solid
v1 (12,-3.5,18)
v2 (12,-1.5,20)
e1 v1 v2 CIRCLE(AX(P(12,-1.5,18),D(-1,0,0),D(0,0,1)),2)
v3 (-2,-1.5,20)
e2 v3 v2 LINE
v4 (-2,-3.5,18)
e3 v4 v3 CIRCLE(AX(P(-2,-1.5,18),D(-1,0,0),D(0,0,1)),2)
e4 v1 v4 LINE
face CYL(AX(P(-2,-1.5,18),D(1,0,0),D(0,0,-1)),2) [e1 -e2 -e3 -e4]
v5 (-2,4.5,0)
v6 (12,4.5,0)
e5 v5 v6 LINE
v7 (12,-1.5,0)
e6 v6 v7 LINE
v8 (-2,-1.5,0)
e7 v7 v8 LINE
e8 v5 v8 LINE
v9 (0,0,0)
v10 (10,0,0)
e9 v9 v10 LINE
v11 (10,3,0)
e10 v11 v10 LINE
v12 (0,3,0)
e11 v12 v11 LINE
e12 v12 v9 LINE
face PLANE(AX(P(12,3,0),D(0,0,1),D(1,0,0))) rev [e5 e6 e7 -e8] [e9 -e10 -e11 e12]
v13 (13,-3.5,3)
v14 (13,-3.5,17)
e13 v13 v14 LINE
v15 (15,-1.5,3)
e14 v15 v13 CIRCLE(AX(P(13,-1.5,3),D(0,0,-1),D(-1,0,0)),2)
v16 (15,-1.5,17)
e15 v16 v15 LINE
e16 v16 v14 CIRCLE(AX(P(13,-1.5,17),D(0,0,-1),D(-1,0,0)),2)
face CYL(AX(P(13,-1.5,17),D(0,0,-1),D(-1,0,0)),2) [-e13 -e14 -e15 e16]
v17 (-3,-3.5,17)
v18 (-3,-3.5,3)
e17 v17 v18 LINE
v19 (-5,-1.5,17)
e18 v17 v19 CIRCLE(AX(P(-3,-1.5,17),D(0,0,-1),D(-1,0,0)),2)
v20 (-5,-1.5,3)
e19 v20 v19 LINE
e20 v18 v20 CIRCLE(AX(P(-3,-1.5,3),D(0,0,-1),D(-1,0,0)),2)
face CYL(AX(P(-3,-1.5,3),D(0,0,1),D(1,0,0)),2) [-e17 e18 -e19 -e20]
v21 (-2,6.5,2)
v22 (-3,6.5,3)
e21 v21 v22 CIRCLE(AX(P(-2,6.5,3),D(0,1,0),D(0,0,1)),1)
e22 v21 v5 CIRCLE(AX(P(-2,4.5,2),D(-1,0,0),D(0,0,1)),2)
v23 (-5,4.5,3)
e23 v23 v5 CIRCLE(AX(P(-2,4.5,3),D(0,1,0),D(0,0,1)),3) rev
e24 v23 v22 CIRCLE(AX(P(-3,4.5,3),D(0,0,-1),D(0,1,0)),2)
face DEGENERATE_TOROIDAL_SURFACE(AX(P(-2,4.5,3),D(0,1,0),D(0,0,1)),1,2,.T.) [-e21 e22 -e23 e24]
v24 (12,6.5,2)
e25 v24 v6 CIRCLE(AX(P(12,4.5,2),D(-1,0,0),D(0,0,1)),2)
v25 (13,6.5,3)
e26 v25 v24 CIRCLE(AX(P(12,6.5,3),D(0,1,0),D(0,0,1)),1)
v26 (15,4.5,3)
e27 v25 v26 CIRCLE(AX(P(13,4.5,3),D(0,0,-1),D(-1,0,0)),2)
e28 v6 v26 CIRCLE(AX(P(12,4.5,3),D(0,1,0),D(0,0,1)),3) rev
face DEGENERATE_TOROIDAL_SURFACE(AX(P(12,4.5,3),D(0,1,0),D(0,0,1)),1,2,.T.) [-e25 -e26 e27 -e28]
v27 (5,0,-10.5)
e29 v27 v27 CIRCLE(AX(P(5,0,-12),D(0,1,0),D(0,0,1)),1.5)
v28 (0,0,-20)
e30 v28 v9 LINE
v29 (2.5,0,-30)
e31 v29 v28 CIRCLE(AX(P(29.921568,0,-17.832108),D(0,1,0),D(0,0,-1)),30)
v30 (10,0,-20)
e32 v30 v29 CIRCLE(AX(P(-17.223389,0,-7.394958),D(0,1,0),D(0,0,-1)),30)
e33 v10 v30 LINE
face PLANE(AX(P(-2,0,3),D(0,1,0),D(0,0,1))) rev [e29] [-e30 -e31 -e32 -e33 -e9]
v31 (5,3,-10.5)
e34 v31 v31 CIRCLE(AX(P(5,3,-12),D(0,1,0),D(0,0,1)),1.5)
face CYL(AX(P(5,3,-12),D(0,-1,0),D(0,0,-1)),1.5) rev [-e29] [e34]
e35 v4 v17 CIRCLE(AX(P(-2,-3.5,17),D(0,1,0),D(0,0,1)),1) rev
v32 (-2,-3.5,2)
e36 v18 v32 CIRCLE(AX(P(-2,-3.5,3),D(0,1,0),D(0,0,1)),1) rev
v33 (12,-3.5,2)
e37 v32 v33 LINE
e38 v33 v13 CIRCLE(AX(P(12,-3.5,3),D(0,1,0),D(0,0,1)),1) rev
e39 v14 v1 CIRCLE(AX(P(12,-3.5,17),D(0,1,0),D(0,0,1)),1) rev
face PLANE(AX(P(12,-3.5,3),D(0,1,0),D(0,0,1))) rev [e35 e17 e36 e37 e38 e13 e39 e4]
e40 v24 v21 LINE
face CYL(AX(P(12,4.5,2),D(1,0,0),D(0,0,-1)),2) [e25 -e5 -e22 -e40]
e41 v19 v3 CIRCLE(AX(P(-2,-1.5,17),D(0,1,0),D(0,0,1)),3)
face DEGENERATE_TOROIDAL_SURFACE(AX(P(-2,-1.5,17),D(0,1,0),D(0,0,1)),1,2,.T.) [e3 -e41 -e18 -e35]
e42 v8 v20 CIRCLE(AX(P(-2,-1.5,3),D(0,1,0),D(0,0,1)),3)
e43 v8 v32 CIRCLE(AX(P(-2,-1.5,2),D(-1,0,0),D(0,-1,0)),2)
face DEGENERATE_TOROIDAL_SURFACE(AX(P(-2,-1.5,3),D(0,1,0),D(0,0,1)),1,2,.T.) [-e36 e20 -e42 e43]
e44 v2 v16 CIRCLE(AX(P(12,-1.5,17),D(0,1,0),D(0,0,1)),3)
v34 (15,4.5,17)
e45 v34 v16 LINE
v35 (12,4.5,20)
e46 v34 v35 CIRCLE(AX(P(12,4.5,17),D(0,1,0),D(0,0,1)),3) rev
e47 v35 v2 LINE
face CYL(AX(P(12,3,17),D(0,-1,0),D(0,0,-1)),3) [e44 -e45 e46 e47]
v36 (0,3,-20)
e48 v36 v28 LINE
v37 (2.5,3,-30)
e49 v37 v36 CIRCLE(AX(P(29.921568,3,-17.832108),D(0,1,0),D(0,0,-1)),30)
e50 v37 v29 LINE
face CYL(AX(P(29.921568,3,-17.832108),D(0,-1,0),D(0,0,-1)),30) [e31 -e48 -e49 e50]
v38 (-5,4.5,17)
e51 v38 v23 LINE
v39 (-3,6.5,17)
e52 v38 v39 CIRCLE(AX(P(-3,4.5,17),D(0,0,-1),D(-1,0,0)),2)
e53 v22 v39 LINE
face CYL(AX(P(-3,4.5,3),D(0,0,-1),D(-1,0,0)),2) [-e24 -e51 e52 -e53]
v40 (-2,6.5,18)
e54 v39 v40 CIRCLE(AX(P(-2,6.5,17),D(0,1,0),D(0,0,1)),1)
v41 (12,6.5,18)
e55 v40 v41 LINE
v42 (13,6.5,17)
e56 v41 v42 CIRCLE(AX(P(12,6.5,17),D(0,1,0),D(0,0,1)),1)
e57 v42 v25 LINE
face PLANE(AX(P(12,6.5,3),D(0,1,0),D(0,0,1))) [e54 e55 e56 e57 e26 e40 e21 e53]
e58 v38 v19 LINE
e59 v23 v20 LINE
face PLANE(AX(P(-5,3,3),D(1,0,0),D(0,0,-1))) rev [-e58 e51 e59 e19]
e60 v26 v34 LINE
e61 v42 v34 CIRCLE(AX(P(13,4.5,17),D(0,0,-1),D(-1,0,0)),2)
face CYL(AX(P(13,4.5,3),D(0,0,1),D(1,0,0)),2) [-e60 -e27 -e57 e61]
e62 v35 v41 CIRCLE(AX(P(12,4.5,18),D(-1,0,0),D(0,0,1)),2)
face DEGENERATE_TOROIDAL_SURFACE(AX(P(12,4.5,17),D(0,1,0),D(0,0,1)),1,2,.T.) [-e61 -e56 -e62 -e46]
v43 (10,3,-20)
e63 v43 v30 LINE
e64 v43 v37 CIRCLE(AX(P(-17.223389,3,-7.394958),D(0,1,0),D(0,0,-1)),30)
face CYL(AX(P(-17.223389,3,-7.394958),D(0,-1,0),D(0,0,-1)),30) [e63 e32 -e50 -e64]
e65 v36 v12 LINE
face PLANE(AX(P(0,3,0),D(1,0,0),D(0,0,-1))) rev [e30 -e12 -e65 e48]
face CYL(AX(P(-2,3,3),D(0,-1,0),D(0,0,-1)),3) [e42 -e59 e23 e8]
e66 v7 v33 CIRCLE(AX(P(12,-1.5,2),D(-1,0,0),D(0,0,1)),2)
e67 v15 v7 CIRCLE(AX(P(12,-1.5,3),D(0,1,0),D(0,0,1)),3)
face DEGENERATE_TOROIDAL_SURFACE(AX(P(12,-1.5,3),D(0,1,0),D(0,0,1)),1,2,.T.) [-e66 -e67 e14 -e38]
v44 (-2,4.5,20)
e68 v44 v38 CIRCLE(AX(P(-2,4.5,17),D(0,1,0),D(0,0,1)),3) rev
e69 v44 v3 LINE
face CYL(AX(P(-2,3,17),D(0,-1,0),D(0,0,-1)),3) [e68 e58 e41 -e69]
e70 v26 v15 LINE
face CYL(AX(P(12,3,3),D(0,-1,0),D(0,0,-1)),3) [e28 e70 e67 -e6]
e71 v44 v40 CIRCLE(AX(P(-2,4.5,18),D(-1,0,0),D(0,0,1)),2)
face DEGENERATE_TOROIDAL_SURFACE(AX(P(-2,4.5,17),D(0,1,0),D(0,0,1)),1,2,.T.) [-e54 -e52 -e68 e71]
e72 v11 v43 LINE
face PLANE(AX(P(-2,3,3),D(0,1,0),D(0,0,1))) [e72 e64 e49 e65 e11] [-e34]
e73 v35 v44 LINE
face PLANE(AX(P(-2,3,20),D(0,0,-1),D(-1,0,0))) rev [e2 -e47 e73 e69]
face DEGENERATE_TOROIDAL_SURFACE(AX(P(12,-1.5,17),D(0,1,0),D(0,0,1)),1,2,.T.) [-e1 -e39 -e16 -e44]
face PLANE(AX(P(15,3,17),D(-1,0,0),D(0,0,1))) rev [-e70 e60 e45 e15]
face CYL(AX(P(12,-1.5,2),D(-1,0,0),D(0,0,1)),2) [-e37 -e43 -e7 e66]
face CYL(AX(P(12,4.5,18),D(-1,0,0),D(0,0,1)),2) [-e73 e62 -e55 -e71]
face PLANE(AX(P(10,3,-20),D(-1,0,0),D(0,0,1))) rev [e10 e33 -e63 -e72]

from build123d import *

# Parameters (mm, degrees)
SKETCH1_R           = 1.5
BOSS_EXTRUDE1_DEPTH = 3
BOSS_EXTRUDE2_DEPTH = 5
FILLET1_R           = 2


with BuildPart() as part:
    # Sketch1 → Boss-Extrude1 (new body)
    with BuildSketch(Plane(origin=(0, 0, 0), x_dir=(1, 0, 0), z_dir=(0, 1, 0))):
        with BuildLine():
            Line((0, 0), (0, 20))
            ThreePointArc((0, 20), (0.817293204, 25.108176699), (2.5, 30))
            ThreePointArc((2.5, 30), (6.776610811, 25.394958109), (10, 20))
            Line((10, 20), (10, 0))
            Line((10, 0), (12, 0))
            ThreePointArc((12, 0), (14.121320344, -0.878679656), (15, -3))
            Line((15, -3), (15, -17))
            ThreePointArc((15, -17), (14.121320344, -19.121320344), (12, -20))
            Line((12, -20), (-2, -20))
            ThreePointArc((-2, -20), (-4.121320344, -19.121320344), (-5, -17))
            Line((-5, -17), (-5, -3))
            ThreePointArc((-5, -3), (-4.121320344, -0.878679656), (-2, 0))
            Line((-2, 0), (0, 0))
        make_face()
        with Locations((5, 12)):
            Circle(SKETCH1_R, mode=Mode.SUBTRACT)
    extrude(amount=BOSS_EXTRUDE1_DEPTH)

    # Sketch2 → Boss-Extrude2 (add, symmetric)
    with BuildSketch(Plane(origin=(0, 1.5, 0), x_dir=(1, 0, 0), z_dir=(0, 1, 0))):
        with BuildLine():
            Line((0, 0), (-2, 0))
            ThreePointArc((-2, 0), (-4.121320344, -0.878679656), (-5, -3))
            Line((-5, -3), (-5, -17))
            ThreePointArc((-5, -17), (-4.121320344, -19.121320344), (-2, -20))
            Line((-2, -20), (12, -20))
            ThreePointArc((12, -20), (14.121320344, -19.121320344), (15, -17))
            Line((15, -17), (15, -3))
            ThreePointArc((15, -3), (14.121320344, -0.878679656), (12, 0))
            Line((12, 0), (10, 0))
            Line((10, 0), (0, 0))
        make_face()
    extrude(amount=BOSS_EXTRUDE2_DEPTH, both=True)

    # Fillet1
    fillet1_edges = [part.edges().sort_by_distance(p)[0] for p in [
        (-4.121320344, -3.5, 0.878679656),
        (-5, -3.5, 10),
        (-4.121320344, -3.5, 19.121320344),
        (5, -3.5, 20),
        (14.121320344, -3.5, 19.121320344),
        (15, -3.5, 10),
        (14.121320344, -3.5, 0.878679656),
        (5, -3.5, 0),
        (5, 6.5, 0),
        (-4.121320344, 6.5, 0.878679656),
        (-5, 6.5, 10),
        (-4.121320344, 6.5, 19.121320344),
        (5, 6.5, 20),
        (14.121320344, 6.5, 19.121320344),
        (15, 6.5, 10),
        (14.121320344, 6.5, 0.878679656),
    ]]
    fillet(fillet1_edges, radius=FILLET1_R)


solid = part.part
